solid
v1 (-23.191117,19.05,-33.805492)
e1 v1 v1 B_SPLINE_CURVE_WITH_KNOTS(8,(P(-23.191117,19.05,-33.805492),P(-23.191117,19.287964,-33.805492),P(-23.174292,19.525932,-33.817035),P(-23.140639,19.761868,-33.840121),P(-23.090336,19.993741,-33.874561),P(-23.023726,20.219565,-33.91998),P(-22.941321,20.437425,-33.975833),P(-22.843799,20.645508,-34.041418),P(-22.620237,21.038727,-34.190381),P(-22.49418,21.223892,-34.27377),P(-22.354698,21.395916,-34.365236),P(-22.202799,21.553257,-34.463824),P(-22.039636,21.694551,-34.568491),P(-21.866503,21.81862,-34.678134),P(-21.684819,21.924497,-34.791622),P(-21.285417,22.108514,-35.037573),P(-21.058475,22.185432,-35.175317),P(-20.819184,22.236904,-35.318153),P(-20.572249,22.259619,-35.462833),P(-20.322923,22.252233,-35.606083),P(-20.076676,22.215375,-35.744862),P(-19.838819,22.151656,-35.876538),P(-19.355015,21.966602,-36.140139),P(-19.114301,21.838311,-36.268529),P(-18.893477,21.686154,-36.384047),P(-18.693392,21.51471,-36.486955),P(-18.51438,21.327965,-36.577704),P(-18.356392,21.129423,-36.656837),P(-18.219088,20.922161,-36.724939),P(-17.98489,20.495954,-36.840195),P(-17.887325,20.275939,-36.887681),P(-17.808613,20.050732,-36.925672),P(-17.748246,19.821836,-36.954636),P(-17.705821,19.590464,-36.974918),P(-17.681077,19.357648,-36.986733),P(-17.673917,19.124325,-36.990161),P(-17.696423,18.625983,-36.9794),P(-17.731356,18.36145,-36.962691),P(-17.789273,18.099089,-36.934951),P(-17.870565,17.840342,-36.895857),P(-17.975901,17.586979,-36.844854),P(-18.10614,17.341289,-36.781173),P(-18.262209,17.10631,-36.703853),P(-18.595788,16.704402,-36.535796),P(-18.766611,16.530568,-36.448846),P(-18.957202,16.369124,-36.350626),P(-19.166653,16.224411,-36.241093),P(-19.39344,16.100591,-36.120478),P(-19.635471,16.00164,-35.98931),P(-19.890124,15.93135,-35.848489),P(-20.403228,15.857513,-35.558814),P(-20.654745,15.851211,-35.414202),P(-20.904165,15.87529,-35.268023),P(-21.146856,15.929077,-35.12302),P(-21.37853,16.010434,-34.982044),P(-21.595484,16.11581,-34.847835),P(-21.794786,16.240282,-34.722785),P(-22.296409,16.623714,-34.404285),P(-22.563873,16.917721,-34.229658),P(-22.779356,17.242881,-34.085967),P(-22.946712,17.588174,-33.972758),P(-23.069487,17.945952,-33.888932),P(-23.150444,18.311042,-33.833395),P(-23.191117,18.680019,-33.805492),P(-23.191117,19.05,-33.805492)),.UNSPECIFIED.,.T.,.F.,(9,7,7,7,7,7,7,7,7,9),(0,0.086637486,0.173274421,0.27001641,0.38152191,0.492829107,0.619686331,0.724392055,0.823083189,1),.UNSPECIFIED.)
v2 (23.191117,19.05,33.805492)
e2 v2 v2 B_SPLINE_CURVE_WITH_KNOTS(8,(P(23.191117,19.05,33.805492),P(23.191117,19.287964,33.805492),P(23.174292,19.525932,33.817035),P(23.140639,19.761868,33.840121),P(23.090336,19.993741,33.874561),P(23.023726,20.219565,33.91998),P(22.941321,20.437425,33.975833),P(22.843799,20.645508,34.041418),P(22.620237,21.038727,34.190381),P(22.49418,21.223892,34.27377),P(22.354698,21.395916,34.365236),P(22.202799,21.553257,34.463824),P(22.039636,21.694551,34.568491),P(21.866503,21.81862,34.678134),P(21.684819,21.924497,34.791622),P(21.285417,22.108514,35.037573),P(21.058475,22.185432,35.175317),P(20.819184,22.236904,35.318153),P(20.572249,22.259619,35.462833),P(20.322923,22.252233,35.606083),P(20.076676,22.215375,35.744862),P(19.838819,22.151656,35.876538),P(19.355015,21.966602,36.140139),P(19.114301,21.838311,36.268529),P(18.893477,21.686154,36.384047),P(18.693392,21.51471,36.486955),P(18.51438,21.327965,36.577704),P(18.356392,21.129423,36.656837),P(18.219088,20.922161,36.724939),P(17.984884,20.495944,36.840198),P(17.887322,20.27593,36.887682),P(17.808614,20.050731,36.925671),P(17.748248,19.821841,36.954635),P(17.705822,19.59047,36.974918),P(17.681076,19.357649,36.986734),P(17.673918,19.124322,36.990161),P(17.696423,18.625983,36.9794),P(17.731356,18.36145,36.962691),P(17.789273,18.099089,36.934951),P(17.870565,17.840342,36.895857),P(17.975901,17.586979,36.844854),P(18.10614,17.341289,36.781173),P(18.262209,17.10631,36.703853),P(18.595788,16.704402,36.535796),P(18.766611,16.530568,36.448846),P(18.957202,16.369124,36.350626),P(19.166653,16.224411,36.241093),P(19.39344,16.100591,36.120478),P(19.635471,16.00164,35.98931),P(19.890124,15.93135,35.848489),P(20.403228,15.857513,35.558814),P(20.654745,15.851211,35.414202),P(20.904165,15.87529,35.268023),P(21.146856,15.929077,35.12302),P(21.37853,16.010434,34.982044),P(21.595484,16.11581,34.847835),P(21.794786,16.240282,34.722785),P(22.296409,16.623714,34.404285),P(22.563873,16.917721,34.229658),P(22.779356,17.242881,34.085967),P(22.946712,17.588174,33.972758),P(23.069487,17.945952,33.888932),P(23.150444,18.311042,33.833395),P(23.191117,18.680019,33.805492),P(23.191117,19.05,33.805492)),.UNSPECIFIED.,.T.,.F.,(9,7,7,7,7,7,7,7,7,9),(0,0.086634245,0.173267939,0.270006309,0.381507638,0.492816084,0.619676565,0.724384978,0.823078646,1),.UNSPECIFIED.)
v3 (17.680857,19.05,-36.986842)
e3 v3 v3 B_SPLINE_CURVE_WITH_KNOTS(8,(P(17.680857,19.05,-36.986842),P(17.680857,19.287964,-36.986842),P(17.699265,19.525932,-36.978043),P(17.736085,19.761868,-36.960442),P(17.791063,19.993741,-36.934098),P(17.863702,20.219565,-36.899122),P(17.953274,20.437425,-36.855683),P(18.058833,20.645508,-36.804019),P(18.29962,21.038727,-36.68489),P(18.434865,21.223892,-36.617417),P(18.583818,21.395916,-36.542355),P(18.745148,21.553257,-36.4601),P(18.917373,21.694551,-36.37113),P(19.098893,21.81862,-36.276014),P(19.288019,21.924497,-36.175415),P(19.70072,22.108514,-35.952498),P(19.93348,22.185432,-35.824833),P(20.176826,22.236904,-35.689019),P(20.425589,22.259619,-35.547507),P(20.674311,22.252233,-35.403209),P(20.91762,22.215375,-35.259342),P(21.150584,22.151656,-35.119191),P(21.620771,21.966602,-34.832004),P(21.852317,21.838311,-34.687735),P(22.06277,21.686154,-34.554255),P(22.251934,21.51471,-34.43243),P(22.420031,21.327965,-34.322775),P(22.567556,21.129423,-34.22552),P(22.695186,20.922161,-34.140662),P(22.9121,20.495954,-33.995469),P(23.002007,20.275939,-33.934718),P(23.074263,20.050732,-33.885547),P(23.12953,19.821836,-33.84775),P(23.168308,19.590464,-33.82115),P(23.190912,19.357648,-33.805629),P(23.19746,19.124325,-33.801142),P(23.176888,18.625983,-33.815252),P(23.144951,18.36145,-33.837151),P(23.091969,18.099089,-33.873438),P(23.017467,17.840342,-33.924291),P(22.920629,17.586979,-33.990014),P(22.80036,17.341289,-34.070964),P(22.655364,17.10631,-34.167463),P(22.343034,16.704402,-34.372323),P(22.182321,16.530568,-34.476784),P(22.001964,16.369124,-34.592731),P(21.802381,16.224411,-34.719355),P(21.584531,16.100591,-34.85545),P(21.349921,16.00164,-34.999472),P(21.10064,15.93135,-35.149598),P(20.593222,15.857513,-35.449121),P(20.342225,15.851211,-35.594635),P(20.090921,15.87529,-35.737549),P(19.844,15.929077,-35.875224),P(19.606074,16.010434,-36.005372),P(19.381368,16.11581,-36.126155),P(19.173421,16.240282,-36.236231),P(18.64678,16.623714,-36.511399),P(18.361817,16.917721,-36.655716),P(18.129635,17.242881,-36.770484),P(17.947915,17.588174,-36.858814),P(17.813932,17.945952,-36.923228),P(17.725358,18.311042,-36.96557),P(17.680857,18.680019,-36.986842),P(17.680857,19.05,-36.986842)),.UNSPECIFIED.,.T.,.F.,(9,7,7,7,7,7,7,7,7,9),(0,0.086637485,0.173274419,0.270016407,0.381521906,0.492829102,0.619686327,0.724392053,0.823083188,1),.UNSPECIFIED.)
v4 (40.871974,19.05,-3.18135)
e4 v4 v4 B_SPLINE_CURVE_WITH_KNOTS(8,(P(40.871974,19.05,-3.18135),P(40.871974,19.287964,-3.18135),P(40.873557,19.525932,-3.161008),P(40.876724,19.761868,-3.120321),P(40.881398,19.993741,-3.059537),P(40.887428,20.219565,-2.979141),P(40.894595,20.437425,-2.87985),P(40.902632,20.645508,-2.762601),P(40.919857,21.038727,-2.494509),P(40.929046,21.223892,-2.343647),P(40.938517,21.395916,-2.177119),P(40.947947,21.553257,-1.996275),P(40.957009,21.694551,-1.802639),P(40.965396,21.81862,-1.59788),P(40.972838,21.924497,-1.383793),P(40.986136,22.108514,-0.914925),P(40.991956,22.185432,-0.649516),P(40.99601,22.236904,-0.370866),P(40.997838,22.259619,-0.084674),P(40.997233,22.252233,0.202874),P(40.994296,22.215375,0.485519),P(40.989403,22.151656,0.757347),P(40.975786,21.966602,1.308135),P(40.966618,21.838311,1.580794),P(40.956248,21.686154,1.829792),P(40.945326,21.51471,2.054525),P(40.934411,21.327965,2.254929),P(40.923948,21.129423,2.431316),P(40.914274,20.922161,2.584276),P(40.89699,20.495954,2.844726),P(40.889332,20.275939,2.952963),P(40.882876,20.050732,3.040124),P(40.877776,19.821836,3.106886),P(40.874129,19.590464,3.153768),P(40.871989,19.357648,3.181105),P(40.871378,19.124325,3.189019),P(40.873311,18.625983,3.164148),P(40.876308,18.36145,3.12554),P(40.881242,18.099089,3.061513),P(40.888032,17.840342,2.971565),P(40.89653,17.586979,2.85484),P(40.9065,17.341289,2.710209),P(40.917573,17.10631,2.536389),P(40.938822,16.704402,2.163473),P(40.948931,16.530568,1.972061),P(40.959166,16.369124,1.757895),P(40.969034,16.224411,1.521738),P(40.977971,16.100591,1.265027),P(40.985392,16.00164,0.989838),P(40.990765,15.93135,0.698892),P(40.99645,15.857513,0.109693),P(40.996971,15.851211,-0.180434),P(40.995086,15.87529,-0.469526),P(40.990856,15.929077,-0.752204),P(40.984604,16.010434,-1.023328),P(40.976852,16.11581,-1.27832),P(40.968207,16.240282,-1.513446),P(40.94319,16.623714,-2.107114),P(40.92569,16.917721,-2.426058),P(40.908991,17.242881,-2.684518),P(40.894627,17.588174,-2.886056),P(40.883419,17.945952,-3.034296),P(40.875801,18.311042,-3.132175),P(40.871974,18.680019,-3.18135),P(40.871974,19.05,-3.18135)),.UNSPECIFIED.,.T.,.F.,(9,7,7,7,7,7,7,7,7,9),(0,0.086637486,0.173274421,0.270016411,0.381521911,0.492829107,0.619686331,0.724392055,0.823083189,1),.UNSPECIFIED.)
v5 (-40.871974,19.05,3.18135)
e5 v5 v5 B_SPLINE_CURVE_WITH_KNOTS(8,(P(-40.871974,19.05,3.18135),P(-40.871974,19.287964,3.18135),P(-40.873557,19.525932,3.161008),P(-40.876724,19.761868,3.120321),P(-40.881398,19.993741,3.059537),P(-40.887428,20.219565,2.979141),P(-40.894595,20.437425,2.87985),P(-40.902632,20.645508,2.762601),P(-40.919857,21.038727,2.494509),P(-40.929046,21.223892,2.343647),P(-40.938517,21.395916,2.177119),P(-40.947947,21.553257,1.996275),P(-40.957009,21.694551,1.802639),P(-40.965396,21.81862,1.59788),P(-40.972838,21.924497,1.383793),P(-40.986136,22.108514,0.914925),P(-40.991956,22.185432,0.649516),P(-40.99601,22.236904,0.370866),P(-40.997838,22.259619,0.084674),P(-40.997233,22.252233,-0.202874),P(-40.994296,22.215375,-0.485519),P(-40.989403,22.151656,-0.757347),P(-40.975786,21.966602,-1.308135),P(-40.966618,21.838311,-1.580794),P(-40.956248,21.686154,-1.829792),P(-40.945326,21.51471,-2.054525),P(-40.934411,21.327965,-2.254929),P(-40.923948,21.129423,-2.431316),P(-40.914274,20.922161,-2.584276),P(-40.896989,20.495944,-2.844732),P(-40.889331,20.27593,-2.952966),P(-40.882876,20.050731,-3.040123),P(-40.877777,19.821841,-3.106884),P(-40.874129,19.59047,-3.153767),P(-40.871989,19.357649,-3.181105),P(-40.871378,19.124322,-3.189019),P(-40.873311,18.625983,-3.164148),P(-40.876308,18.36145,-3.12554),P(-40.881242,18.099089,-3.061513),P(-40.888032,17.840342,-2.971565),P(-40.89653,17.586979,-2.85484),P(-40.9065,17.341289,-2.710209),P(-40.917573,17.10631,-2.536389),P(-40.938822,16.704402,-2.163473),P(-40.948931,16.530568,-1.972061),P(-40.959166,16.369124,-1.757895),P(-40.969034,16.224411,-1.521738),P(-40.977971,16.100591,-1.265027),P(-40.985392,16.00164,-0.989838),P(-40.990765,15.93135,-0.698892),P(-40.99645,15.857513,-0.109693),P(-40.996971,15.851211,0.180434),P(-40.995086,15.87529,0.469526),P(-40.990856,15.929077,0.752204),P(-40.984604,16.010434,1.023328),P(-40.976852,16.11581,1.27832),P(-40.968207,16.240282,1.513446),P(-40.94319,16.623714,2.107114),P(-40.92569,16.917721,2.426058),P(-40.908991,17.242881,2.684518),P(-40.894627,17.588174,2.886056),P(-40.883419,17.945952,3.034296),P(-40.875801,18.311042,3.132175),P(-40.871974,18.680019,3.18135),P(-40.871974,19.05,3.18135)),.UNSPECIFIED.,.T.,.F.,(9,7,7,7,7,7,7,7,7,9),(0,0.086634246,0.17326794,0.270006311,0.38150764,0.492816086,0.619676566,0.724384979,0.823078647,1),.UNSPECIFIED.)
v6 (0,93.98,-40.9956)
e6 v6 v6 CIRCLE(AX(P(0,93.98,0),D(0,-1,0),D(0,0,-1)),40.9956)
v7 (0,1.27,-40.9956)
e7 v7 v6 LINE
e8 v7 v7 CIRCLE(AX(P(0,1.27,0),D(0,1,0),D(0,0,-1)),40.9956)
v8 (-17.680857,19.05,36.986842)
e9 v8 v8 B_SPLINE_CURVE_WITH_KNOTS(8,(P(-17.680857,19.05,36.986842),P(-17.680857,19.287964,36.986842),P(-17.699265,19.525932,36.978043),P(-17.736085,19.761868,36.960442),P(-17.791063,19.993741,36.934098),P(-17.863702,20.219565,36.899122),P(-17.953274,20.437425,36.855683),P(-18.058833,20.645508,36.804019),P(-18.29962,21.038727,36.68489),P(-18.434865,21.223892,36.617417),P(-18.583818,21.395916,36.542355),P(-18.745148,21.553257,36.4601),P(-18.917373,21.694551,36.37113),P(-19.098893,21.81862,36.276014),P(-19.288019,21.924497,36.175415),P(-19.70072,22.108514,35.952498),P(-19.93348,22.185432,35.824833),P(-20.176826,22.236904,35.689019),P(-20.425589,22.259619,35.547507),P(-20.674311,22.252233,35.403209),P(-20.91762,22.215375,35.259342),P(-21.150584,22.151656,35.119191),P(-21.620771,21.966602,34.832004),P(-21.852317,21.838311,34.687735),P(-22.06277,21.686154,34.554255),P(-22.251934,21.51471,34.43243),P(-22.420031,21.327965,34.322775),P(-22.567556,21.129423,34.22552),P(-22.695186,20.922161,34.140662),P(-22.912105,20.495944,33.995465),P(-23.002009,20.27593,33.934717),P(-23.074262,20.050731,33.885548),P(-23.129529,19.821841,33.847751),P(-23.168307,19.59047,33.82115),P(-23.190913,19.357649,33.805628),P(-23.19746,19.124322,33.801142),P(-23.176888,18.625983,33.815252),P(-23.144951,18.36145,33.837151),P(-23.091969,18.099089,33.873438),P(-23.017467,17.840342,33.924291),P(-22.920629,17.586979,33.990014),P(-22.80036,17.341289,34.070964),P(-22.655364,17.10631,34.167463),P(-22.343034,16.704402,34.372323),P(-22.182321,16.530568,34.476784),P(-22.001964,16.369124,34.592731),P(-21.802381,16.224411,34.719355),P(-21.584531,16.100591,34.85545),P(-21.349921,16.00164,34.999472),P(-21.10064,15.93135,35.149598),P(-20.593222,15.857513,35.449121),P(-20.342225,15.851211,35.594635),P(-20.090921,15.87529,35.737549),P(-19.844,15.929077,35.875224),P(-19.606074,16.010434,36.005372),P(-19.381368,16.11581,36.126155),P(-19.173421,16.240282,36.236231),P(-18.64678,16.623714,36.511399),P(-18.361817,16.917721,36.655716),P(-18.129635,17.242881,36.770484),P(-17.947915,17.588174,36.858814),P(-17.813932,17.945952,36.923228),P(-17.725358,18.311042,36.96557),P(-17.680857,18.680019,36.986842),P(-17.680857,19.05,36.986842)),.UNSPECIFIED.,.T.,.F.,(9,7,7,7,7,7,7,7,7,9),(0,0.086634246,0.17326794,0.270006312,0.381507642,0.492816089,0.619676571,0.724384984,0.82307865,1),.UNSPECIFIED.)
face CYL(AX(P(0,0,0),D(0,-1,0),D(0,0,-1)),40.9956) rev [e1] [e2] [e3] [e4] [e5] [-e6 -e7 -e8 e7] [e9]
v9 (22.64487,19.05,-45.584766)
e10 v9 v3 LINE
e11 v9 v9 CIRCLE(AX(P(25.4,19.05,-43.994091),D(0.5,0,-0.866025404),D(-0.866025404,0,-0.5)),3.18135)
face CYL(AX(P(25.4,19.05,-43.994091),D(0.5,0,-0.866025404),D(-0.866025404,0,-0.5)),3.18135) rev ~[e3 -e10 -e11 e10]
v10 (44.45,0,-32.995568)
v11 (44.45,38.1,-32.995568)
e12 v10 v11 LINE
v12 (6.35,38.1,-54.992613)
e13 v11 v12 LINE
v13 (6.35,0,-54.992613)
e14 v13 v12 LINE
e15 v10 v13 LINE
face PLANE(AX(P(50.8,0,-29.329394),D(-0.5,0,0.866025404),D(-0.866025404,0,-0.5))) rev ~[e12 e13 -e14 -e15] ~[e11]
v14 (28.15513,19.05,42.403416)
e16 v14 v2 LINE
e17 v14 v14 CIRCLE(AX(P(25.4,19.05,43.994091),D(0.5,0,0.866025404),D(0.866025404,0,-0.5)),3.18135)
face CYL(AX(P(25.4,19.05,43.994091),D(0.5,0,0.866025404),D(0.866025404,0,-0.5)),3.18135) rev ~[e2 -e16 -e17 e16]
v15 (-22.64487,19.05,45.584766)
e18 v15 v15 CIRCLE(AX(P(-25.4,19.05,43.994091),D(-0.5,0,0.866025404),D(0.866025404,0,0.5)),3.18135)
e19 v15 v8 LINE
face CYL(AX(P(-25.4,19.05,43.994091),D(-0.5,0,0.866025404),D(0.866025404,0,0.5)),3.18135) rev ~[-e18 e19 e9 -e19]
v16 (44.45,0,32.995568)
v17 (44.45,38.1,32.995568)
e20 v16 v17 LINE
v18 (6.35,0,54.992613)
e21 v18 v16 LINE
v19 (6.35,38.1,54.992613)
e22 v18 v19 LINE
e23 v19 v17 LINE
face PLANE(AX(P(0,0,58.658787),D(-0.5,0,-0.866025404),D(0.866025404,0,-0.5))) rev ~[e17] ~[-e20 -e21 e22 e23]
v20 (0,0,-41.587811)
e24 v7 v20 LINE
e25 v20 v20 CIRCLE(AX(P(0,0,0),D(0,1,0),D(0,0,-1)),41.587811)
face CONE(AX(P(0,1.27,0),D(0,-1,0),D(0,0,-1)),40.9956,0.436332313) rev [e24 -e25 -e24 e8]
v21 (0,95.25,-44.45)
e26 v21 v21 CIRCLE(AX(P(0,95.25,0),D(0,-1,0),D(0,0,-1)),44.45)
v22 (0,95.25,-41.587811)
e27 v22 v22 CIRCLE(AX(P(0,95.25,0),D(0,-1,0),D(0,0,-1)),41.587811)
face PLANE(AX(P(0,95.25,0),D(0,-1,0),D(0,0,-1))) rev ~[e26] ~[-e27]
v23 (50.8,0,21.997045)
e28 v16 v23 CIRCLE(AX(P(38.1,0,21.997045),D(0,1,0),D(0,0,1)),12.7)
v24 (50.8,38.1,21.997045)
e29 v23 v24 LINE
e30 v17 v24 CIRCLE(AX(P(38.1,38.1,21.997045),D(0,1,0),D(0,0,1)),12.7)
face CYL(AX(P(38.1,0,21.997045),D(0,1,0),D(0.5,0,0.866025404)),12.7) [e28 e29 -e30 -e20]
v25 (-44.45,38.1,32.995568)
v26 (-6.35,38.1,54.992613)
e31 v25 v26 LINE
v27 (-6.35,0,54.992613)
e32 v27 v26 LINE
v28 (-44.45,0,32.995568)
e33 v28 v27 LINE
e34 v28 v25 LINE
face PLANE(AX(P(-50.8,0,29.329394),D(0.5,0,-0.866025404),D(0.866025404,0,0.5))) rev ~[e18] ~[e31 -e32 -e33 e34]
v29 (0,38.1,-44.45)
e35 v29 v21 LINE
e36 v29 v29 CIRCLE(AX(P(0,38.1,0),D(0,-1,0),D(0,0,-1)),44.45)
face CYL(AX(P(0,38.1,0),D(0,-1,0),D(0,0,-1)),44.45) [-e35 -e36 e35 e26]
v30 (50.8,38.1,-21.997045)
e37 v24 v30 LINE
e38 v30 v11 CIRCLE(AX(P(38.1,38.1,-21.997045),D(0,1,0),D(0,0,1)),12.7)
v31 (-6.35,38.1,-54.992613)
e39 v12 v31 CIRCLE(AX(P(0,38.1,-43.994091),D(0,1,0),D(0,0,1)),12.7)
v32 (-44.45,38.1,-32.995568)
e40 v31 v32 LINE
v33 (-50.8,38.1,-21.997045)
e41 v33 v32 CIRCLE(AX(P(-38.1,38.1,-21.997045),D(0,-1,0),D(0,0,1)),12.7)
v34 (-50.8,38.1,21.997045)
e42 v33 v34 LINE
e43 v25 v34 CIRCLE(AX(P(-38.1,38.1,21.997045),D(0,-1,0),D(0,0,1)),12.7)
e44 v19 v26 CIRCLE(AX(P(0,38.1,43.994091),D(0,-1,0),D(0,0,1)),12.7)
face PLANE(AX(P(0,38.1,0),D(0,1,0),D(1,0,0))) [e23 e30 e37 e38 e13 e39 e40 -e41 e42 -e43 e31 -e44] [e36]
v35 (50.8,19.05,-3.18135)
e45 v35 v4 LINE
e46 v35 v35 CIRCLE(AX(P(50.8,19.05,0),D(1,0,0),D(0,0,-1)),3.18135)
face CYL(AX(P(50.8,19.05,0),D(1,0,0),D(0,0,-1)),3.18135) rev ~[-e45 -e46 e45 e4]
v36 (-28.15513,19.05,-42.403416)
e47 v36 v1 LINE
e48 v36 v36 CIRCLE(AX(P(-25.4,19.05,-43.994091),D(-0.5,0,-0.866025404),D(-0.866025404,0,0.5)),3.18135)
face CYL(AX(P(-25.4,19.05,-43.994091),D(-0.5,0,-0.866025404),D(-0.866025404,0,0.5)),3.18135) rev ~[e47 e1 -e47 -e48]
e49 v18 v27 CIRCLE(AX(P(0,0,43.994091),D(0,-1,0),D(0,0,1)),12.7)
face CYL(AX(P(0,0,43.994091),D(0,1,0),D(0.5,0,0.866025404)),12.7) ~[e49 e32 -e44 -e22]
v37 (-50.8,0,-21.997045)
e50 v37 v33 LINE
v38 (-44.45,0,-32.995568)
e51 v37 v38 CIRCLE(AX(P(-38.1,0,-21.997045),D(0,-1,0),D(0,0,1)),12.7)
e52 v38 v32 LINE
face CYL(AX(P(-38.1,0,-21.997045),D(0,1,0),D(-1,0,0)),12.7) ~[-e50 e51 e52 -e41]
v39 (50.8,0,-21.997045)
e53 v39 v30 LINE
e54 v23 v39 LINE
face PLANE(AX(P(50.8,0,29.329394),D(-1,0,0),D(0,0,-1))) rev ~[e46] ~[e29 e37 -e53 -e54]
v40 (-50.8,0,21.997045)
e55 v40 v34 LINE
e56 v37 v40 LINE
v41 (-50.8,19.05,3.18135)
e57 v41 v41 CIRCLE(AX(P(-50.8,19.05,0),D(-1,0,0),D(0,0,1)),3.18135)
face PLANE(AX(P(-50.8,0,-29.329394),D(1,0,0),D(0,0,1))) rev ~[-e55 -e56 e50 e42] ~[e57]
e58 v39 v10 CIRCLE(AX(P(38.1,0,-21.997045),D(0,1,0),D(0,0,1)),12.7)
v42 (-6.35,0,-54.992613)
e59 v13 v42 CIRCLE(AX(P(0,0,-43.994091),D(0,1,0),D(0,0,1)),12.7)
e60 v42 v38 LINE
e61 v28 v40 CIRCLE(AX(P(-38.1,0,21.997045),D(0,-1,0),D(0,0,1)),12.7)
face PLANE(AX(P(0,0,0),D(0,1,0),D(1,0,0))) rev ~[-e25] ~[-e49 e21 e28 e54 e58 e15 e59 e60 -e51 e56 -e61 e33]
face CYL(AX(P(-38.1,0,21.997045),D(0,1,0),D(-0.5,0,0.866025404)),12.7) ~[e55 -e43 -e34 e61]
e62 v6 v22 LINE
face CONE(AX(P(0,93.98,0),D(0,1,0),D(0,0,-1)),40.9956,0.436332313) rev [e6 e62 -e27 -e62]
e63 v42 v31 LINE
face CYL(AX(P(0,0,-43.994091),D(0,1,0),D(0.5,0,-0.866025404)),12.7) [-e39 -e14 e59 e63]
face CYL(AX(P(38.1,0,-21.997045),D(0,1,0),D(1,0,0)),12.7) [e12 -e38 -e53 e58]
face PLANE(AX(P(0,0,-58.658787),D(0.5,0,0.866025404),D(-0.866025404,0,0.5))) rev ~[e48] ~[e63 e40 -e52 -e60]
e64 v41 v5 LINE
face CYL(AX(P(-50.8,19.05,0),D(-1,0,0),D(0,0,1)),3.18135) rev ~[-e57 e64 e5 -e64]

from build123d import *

# Parameters (mm, degrees)
SKETCH1_R           = 40.9956
BOSS_EXTRUDE1_DEPTH = 38.1
SKETCH2_R           = 3.18135
CUT_EXTRUDE1_DEPTH  = 29.464
CIRPATTERN1_COUNT   = 6
SKETCH3_R           = 44.45
SKETCH3_R_2         = 40.9956
BOSS_EXTRUDE2_DEPTH = 57.15
FILLET1_R           = 12.7
CHAMFER1_SIZE       = 1.27
CHAMFER1_SIZE2      = 0.592210726


with BuildPart() as part:
    # Sketch1 → Boss-Extrude1 (new body)
    with BuildSketch(Plane(origin=(0, 0, 0), x_dir=(1, 0, 0), z_dir=(0, 1, 0))):
        Polygon((0, -58.65878735), (50.8, -29.329393675), (50.8, 29.329393675), (0, 58.65878735), (-50.8, 29.329393675), (-50.8, -29.329393675), align=None)
        with Locations(Location((0, 0, 0), (0, 0, 90))):
            Circle(SKETCH1_R, mode=Mode.SUBTRACT)
    extrude(amount=BOSS_EXTRUDE1_DEPTH)

    # Sketch2 → Cut-Extrude1 (cut)
    with BuildSketch(Plane.ZY.offset(50.8)):
        with Locations((0, 19.05)):
            Circle(SKETCH2_R)
    cut_extrude1 = extrude(amount=-CUT_EXTRUDE1_DEPTH, mode=Mode.SUBTRACT)

    # CirPattern1: Cut-Extrude1 ×6 about axis
    cirpattern1_axis = Axis((0, 38.1, 0), (0, 1, 0))
    for i in range(1, CIRPATTERN1_COUNT):
        add(cut_extrude1.rotate(cirpattern1_axis, i * 360 / CIRPATTERN1_COUNT), mode=Mode.SUBTRACT)

    # Sketch3 → Boss-Extrude2 (add)
    with BuildSketch(Plane(origin=(-50.8, 38.1, -29.329393675), x_dir=(1, 0, 0), z_dir=(0, -1, 0))):
        with Locations(Location((50.8, 29.329393675, 0), (0, 0, 270))):
            Circle(SKETCH3_R)
        with Locations(Location((50.8, 29.329393675, 0), (0, 0, 270))):
            Circle(SKETCH3_R_2, mode=Mode.SUBTRACT)
    extrude(amount=-BOSS_EXTRUDE2_DEPTH)

    # Fillet1
    fillet1_edges = [part.edges().sort_by_distance(p)[0] for p in [
        (-50.8, 19.05, 29.329393675),
        (-50.8, 19.05, -29.329393675),
        (0, 19.05, -58.65878735),
        (50.8, 19.05, -29.329393675),
        (50.8, 19.05, 29.329393675),
        (0, 19.05, 58.65878735),
    ]]
    fillet(fillet1_edges, radius=FILLET1_R)

    # Chamfer1
    chamfer1_edges = [part.edges().sort_by_distance(p)[0] for p in [
        (0, 0, 40.9956),
        (0, 95.25, 40.9956),
    ]]
    chamfer1_side = [part.faces().sort_by_distance(p)[0] for p in [
        (0, 47.625, 40.9956),
    ]]
    chamfer(chamfer1_edges, length=CHAMFER1_SIZE, length2=CHAMFER1_SIZE2, reference=chamfer1_side[0])


solid = part.part
